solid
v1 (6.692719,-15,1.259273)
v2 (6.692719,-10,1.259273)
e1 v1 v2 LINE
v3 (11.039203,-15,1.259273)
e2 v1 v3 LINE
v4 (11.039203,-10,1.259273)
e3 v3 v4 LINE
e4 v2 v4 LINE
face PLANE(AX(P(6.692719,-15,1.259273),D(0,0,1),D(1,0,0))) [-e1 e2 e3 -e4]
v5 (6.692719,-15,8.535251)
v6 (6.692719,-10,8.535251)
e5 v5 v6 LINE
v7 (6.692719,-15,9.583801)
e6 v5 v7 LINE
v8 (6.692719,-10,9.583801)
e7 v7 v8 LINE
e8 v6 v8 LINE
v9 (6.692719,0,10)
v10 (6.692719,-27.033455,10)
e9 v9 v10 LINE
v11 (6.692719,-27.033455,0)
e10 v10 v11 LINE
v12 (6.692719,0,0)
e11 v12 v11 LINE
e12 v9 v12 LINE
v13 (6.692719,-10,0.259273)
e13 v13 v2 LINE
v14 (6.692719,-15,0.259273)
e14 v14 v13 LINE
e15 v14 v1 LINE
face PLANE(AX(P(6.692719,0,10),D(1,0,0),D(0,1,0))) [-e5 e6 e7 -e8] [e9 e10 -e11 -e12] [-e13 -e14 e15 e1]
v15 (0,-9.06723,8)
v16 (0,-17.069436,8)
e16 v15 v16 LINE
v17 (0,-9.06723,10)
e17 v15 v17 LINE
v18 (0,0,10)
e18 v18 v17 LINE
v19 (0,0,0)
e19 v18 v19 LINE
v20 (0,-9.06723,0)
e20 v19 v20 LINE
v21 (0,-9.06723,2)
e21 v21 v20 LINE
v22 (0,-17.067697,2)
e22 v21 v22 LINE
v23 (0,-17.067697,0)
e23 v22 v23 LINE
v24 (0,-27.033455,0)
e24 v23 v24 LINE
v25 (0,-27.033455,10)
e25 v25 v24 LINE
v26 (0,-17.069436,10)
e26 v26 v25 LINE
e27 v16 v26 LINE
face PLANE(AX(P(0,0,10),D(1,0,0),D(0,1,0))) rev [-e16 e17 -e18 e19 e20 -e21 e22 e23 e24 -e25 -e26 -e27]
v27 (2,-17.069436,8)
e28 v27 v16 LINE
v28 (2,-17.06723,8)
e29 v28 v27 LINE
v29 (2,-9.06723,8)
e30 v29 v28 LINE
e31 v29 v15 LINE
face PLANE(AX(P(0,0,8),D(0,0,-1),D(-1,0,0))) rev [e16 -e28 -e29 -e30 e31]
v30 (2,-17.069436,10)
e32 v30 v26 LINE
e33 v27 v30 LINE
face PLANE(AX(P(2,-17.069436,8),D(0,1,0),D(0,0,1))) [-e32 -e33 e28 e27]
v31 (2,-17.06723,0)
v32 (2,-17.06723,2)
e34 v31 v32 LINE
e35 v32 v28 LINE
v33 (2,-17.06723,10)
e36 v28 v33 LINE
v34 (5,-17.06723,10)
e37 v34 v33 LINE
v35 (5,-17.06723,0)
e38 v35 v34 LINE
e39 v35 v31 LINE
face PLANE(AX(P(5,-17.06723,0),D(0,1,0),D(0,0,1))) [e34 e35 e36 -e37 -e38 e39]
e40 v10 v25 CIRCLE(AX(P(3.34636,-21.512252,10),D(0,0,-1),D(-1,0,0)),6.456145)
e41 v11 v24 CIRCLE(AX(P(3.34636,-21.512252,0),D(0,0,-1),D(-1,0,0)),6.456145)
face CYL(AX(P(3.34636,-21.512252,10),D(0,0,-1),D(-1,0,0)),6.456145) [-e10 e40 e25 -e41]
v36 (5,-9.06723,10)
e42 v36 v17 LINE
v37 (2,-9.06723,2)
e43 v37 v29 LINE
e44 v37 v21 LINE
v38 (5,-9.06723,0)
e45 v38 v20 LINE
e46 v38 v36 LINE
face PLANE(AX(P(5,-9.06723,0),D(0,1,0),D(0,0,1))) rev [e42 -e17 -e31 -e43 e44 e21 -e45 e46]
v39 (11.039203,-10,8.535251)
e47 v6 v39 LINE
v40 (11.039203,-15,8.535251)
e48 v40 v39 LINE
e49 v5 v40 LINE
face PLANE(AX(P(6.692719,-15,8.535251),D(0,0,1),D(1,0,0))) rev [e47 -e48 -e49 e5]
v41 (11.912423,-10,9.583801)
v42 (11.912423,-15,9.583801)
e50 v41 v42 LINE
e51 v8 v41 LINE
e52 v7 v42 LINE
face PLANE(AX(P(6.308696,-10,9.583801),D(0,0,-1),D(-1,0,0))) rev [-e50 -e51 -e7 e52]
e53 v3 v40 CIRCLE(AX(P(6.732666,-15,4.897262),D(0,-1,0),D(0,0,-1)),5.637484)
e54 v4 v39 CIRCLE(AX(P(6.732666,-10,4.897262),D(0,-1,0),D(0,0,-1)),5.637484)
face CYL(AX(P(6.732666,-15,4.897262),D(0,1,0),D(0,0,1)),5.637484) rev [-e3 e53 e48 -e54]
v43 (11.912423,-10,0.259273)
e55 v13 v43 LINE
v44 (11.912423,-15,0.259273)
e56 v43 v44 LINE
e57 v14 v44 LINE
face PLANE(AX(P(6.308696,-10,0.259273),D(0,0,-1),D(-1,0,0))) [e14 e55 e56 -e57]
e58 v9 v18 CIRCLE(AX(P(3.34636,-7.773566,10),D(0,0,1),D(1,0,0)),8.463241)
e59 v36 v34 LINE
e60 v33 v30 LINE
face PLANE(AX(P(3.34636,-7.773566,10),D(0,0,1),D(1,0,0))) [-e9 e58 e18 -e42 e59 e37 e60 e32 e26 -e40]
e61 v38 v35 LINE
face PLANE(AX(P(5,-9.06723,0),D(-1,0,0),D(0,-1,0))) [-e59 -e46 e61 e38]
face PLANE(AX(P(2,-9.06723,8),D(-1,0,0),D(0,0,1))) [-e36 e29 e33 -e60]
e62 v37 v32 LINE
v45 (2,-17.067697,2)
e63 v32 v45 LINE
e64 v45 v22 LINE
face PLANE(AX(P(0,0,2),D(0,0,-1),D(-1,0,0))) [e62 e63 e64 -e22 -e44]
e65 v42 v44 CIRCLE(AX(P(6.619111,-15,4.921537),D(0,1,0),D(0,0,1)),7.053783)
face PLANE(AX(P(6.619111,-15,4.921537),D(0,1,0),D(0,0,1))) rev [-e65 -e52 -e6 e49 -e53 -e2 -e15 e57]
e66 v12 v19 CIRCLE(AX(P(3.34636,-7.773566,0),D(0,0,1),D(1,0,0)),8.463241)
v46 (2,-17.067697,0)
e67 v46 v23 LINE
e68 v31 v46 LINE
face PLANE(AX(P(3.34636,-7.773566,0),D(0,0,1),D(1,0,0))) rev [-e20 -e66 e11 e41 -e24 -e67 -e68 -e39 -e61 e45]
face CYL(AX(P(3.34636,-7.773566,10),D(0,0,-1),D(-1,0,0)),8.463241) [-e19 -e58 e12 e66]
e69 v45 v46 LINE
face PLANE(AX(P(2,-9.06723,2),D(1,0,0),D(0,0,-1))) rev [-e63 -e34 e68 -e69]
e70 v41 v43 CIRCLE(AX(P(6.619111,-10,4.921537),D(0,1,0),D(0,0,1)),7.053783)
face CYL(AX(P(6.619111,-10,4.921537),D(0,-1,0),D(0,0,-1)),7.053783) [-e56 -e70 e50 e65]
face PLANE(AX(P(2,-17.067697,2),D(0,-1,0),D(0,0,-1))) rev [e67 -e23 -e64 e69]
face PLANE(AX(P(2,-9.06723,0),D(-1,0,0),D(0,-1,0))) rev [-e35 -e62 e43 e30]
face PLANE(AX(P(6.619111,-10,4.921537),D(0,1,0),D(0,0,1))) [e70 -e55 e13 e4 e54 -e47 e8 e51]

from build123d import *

# Parameters (mm, degrees)
EXTRUDE_1_DEPTH     = 10
SKETCH_3_W          = 3
SKETCH_3_H          = 8
CUT_EXTRUDE_2_DEPTH = 10
EXTRUDE_2_DEPTH     = 2.5
CUT_EXTRUDE_3_DEPTH = 5
SKETCH_7_W          = 2
SKETCH_7_H          = 8.000466976
CUT_EXTRUDE_4_DEPTH = 2
SKETCH_8_W          = 2
SKETCH_8_H          = 8.002206322
CUT_EXTRUDE_5_DEPTH = 2


with BuildPart() as part:
    # 草圖1 → 填料-伸長1 (new body)
    with BuildSketch(Plane.XY):
        with BuildLine():
            Line((0, 0), (0, -27.033455112))
            ThreePointArc((0, -27.033455112), (3.346359716, -27.968396912), (6.692719433, -27.033455112))
            Line((6.692719433, -27.033455112), (6.692719433, 0))
            ThreePointArc((6.692719433, 0), (3.346359716, 0.689675236), (0, 0))
        make_face()
    extrude(amount=EXTRUDE_1_DEPTH)

    # 草圖3 → 除料-伸長2 (cut)
    with BuildSketch(Plane.XY.offset(10)):
        with Locations((3.5, -13.067229779)):
            Rectangle(SKETCH_3_W, SKETCH_3_H)
    extrude(amount=-CUT_EXTRUDE_2_DEPTH, mode=Mode.SUBTRACT)

    # 草圖4 → 填料-伸長2 (add, symmetric)
    with BuildSketch(Plane(origin=(0, -12.5, -0.092640319), x_dir=(1, 0, 0), z_dir=(0, 1, 0))):
        with BuildLine():
            Line((6.308695553, -9.676441633), (11.912423264, -9.676441633))
            ThreePointArc((11.912423264, -9.676441633), (13.672894686, -5.014177318), (11.912423264, -0.351913003))
            Line((11.912423264, -0.351913003), (6.308695553, -0.351913003))
            Line((6.308695553, -0.351913003), (6.308695553, -9.676441633))
        make_face()
    extrude(amount=EXTRUDE_2_DEPTH, both=True)

    # 草圖6 → 除料-伸長3 (cut)
    with BuildSketch(Plane(origin=(0, -10, 0), x_dir=(1, 0, 0), z_dir=(0, 1, 0))):
        with BuildLine():
            Line((6.692719433, -8.535251287), (11.039203193, -8.535251287))
            ThreePointArc((11.039203193, -8.535251287), (12.370150215, -4.897261986), (11.039203193, -1.259272684))
            Line((11.039203193, -1.259272684), (6.692719433, -1.259272684))
            Line((6.692719433, -1.259272684), (6.692719433, -8.535251287))
        make_face()
    extrude(amount=-CUT_EXTRUDE_3_DEPTH, mode=Mode.SUBTRACT)

    # 草圖7 → 除料-伸長4 (cut)
    with BuildSketch(Plane(origin=(0, 0, 0), x_dir=(-1, 0, 0), z_dir=(0, 0, -1))):
        with Locations((-1, -13.067463267)):
            Rectangle(SKETCH_7_W, SKETCH_7_H)
    extrude(amount=-CUT_EXTRUDE_4_DEPTH, mode=Mode.SUBTRACT)

    # 草圖8 → 除料-伸長5 (cut)
    with BuildSketch(Plane.XY.offset(10)):
        with Locations((1, -13.06833294)):
            Rectangle(SKETCH_8_W, SKETCH_8_H)
    extrude(amount=-CUT_EXTRUDE_5_DEPTH, mode=Mode.SUBTRACT)


solid = part.part
